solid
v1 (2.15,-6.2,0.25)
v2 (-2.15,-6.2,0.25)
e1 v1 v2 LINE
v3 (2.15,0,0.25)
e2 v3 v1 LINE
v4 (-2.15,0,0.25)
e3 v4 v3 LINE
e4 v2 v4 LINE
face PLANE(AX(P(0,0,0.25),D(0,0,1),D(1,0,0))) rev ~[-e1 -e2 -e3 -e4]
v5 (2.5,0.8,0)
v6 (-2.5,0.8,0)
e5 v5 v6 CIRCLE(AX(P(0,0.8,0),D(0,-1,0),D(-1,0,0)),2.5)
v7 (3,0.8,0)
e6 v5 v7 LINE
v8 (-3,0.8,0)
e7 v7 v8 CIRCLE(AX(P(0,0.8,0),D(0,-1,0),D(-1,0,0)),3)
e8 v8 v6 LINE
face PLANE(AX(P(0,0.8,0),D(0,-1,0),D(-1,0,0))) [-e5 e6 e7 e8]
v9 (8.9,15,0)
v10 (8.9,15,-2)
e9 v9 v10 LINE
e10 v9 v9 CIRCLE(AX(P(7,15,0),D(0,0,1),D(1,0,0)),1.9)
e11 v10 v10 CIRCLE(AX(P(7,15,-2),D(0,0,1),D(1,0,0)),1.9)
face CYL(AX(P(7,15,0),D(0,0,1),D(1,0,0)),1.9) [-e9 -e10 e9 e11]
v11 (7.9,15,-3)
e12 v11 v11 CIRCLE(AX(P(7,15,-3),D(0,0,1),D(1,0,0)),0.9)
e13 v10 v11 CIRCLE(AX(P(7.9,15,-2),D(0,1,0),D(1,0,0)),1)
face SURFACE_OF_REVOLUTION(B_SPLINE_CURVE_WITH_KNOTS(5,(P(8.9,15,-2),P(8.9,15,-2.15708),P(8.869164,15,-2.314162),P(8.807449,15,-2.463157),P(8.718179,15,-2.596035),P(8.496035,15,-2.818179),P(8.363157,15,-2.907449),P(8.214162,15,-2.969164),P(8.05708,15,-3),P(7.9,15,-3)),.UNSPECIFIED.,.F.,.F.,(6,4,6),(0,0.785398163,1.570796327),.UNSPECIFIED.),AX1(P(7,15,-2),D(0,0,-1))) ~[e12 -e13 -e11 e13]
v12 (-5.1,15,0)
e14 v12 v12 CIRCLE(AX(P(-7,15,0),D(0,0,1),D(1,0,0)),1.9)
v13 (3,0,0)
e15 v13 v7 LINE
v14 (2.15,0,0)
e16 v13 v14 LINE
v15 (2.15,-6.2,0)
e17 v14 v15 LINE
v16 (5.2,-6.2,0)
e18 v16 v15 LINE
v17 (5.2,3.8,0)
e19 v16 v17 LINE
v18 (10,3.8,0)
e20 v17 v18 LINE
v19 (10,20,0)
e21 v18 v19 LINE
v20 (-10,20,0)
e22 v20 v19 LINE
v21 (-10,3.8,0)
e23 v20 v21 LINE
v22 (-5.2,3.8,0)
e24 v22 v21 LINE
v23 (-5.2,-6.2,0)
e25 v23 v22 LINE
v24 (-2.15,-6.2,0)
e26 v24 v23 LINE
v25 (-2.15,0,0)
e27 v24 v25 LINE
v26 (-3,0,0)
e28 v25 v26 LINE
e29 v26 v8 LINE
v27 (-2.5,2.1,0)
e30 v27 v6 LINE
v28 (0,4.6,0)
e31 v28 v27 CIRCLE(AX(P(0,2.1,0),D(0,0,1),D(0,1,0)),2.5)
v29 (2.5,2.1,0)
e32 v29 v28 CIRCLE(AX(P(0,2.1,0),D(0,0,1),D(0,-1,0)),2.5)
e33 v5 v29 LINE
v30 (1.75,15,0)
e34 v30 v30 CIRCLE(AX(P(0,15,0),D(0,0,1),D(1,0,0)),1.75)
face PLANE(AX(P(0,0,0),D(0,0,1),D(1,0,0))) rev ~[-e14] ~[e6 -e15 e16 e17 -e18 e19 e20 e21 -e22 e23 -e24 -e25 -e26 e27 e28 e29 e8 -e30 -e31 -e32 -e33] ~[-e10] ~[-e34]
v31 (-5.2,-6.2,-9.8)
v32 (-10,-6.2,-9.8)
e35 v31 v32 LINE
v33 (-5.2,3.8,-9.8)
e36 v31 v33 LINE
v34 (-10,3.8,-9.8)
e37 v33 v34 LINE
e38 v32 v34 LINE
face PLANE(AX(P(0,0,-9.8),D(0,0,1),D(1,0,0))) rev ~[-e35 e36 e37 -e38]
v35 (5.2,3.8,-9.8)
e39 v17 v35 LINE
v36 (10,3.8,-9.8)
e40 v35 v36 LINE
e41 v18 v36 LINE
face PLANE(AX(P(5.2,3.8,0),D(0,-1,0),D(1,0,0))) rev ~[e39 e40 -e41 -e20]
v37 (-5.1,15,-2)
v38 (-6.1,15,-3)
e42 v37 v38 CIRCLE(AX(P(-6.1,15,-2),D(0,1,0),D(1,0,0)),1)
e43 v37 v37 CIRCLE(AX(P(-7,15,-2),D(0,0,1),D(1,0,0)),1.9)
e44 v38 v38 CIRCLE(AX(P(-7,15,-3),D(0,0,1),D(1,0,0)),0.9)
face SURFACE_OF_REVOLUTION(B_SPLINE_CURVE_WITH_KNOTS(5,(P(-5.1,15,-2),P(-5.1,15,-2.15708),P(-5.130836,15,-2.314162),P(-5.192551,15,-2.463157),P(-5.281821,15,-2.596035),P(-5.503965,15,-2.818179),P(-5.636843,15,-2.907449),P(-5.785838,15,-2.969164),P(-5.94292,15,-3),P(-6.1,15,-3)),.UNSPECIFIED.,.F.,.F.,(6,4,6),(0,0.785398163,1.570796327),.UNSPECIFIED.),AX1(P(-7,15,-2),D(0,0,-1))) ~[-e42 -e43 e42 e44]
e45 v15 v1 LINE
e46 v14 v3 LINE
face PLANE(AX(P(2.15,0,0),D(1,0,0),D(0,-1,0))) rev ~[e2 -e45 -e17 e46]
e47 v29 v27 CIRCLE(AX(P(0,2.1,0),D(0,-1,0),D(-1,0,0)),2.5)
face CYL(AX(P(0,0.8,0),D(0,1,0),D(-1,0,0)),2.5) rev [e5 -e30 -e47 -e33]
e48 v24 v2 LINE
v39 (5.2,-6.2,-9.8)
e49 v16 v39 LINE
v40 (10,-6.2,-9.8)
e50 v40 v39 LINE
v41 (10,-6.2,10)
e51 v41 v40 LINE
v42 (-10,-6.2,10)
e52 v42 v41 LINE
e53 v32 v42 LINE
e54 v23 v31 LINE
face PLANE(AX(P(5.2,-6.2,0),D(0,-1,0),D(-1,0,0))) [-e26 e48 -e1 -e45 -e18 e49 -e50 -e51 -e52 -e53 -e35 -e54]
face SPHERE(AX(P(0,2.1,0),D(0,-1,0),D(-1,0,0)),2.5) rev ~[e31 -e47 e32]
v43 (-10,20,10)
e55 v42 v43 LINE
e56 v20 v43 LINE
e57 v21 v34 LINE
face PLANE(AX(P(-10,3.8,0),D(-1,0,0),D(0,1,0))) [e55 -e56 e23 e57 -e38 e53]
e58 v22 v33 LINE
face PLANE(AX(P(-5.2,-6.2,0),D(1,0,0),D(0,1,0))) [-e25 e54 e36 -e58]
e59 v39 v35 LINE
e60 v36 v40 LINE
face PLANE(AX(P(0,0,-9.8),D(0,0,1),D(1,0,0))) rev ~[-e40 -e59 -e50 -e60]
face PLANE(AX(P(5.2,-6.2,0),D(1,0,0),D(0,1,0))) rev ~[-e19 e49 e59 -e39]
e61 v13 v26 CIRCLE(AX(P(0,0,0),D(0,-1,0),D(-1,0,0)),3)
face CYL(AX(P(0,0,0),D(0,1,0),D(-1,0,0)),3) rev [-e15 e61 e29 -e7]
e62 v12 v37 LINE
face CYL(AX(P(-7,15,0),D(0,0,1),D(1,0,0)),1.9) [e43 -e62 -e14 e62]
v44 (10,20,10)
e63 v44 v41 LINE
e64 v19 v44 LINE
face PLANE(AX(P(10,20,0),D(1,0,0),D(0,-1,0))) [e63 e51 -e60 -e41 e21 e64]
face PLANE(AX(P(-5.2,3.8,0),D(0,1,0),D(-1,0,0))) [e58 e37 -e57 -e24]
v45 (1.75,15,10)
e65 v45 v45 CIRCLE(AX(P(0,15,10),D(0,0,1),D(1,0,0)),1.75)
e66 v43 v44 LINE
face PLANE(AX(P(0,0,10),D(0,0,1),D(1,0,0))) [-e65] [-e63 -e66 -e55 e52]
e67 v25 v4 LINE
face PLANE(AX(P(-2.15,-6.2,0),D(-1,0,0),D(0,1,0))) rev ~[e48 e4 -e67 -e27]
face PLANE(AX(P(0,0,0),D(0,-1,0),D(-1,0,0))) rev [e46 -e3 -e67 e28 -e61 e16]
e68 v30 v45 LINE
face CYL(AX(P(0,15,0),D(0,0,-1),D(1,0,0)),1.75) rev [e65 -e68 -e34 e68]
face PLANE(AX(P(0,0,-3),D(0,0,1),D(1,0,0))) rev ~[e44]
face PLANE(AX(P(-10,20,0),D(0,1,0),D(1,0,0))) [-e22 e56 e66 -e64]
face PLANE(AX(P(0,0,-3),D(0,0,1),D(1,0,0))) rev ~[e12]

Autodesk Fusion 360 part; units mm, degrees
sketch "Skizze1" plane through (0, 0, 0) normal (0, 0, 1) x (1, 0, 0)
  line L0 (-3, 0) -> (-3, 0.8)
  line L1 (-3, 0.8) -> (-2.5, 0.8)
  line L2 (-2.5, 0.8) -> (-2.5, 2.1)
  line L3 (-8.4843, 2.1) -> (11.6981, 2.1) construction
  line L4 (0, 9) -> (0, -6.2163) construction
  arc A0 (0, 4.6) -> (-2.5, 2.1) centre (0, 2.1) ccw
  line L5 (0, 4.6) -> (0, 0)
  line L6 (0, 0) -> (-3, 0)
  line L7 (2.5, 2) -> (4.5, 2)
  line L8 (4.5, 2) -> (4.5, -2)
  line L9 (4.5, -2) -> (2.5, -2)
  line L10 (2.5, -2) -> (2.5, 2)
  line L11 (-2.5, -2) -> (-4.5, -2)
  line L12 (-4.5, -2) -> (-4.5, 2)
  line L13 (-4.5, 2) -> (-2.5, 2)
  line L14 (-2.5, 2) -> (-2.5, -2)
  point P0 (0, 2.1)
  dimension "d1" = 3
  dimension "d2" = 0.8
  dimension "d3" = 2.5
  dimension "d5" = 2.1
  dimension "d7" = 2.5
  dimension "d8" = 2
  dimension "d9" = 2
  dimension "d10" = 2
  dimension "d126" = 2
  dimension "d127" = 2
  dimension "d128" = 2
  dimension "d129" = 2.5
revolve "Drehen1" add sketch "Skizze1" angle 360 about axis through (0, 9, 0) along (0, -1, 0) contours L0 L1 L6 L14 | L2 A0 L5 L6 L14 makes body 1
sketch "Skizze2" plane through (0, 0, 0) normal (0, 0, 1) x (1, 0, 0)
  line L0 (-10, 20) -> (10, 20)
  line L1 (10, 20) -> (10, -6.2)
  line L2 (10, -6.2) -> (-10, -6.2)
  line L3 (-10, -6.2) -> (-10, 20)
  line L4 (0, 21.3723) -> (0, -17) construction
  line L5 (-26.2349, 0) -> (38.3962, 0) construction
  line L6 (5.2, -6.2) -> (5.2, 3.8)
  line L7 (5.2, 3.8) -> (10, 3.8)
  line L8 (-5.2, -6.2) -> (-5.2, 3.8)
  line L9 (-5.2, 3.8) -> (-10, 3.8)
  line L10 (-17, 10) -> (24.4562, 10) construction
  line L11 (-5, 26) -> (-5, 5) construction
  line L12 (5, 25.6741) -> (5, 5) construction
  circle A0 centre (-5, 10) radius 1.75
  circle A1 centre (5, 10) radius 1.75
  line L13 (-16, 15) -> (36.57, 15) construction
  circle A2 centre (0, 15) radius 1.75
  line L14 (-7, 22.2425) -> (-7, -4.6464) construction
  line L15 (7, 22.2425) -> (7, -3.3633) construction
  circle A3 centre (7, 15) radius 1.9
  circle A4 centre (-7, 15) radius 1.9
  dimension "d13" = 10
  dimension "d14" = 10
  dimension "d15" = 6.2
  dimension "d16" = 20
  dimension "d32" = 4.8
  dimension "d33" = 10
  dimension "d34" = 4.8
  dimension "d35" = 10
  dimension "d36" = 10
  dimension "d37" = 5
  dimension "d38" = 5
  dimension "d39" = 3.5
  dimension "d40" = 3.5
  dimension "d41" = 5
  dimension "d42" = 3.5
  dimension "d53" = 7
  dimension "d54" = 7
  dimension "d117" = 3.8
  dimension "d118" = 3.8
extrude "Extrusion2" add sketch "Skizze2" along normal blind 10 separate body contours L0 L1 L2 L3 L6 L7 L8 L9 | L2 L3 L8 L9 | L1 L2 L6 L7 | A0 | A1 | A3 | A4 makes body 2
extrude "Extrusion7" add sketch "Skizze2" against normal blind 3 contours A3 | A4 bodies 2
extrude "Extrusion8" add sketch "Skizze2" against normal blind 9.8 contours L2 L3 L8 L9 | L1 L2 L6 L7 bodies 2
combine "Kombinieren1" operation cut target body 2 tool bodies 1
sketch "Skizze4" plane through (0, 0, 0) normal (0, 0, 1) x (1, 0, 0)
  line L0 (2.15, -6.2) -> (-2.15, -6.2)
  line L1 (-2.15, -6.2) -> (-2.15, 0)
  line L2 (-2.15, 0) -> (2.15, 0)
  line L3 (2.15, 0) -> (2.15, -6.2)
  line L4 (2.15, -6.2) -> (-2.15, 0) construction
  line L5 (-2.15, -6.2) -> (2.15, 0) construction
  line L6 (0, 9.7025) -> (0, -8.7035) construction
  line L7 (-7.2352, -6.2) -> (6.1757, -6.2) construction
  point P0 (0, -3.1)
  point P1 (0, -6.2)
  dimension "d21" = 4.3
  dimension "d22" = 6.2
extrude "Extrusion4" cut sketch "Skizze4" along normal blind 0.25 bodies 2
fillet "Abrundung1" radius 1 1 edges at (-8.7714, 15.6871, -3) on bodies 2
fillet "Abrundung2" radius 1 1 edges at (5.2286, 15.6871, -3) on bodies 2
equation "d3 = d"
equation "d5 = 4.6 mm - d"
equation "d7 = d"
equation "d = 2.5 mm"
equation "d129 = d"
